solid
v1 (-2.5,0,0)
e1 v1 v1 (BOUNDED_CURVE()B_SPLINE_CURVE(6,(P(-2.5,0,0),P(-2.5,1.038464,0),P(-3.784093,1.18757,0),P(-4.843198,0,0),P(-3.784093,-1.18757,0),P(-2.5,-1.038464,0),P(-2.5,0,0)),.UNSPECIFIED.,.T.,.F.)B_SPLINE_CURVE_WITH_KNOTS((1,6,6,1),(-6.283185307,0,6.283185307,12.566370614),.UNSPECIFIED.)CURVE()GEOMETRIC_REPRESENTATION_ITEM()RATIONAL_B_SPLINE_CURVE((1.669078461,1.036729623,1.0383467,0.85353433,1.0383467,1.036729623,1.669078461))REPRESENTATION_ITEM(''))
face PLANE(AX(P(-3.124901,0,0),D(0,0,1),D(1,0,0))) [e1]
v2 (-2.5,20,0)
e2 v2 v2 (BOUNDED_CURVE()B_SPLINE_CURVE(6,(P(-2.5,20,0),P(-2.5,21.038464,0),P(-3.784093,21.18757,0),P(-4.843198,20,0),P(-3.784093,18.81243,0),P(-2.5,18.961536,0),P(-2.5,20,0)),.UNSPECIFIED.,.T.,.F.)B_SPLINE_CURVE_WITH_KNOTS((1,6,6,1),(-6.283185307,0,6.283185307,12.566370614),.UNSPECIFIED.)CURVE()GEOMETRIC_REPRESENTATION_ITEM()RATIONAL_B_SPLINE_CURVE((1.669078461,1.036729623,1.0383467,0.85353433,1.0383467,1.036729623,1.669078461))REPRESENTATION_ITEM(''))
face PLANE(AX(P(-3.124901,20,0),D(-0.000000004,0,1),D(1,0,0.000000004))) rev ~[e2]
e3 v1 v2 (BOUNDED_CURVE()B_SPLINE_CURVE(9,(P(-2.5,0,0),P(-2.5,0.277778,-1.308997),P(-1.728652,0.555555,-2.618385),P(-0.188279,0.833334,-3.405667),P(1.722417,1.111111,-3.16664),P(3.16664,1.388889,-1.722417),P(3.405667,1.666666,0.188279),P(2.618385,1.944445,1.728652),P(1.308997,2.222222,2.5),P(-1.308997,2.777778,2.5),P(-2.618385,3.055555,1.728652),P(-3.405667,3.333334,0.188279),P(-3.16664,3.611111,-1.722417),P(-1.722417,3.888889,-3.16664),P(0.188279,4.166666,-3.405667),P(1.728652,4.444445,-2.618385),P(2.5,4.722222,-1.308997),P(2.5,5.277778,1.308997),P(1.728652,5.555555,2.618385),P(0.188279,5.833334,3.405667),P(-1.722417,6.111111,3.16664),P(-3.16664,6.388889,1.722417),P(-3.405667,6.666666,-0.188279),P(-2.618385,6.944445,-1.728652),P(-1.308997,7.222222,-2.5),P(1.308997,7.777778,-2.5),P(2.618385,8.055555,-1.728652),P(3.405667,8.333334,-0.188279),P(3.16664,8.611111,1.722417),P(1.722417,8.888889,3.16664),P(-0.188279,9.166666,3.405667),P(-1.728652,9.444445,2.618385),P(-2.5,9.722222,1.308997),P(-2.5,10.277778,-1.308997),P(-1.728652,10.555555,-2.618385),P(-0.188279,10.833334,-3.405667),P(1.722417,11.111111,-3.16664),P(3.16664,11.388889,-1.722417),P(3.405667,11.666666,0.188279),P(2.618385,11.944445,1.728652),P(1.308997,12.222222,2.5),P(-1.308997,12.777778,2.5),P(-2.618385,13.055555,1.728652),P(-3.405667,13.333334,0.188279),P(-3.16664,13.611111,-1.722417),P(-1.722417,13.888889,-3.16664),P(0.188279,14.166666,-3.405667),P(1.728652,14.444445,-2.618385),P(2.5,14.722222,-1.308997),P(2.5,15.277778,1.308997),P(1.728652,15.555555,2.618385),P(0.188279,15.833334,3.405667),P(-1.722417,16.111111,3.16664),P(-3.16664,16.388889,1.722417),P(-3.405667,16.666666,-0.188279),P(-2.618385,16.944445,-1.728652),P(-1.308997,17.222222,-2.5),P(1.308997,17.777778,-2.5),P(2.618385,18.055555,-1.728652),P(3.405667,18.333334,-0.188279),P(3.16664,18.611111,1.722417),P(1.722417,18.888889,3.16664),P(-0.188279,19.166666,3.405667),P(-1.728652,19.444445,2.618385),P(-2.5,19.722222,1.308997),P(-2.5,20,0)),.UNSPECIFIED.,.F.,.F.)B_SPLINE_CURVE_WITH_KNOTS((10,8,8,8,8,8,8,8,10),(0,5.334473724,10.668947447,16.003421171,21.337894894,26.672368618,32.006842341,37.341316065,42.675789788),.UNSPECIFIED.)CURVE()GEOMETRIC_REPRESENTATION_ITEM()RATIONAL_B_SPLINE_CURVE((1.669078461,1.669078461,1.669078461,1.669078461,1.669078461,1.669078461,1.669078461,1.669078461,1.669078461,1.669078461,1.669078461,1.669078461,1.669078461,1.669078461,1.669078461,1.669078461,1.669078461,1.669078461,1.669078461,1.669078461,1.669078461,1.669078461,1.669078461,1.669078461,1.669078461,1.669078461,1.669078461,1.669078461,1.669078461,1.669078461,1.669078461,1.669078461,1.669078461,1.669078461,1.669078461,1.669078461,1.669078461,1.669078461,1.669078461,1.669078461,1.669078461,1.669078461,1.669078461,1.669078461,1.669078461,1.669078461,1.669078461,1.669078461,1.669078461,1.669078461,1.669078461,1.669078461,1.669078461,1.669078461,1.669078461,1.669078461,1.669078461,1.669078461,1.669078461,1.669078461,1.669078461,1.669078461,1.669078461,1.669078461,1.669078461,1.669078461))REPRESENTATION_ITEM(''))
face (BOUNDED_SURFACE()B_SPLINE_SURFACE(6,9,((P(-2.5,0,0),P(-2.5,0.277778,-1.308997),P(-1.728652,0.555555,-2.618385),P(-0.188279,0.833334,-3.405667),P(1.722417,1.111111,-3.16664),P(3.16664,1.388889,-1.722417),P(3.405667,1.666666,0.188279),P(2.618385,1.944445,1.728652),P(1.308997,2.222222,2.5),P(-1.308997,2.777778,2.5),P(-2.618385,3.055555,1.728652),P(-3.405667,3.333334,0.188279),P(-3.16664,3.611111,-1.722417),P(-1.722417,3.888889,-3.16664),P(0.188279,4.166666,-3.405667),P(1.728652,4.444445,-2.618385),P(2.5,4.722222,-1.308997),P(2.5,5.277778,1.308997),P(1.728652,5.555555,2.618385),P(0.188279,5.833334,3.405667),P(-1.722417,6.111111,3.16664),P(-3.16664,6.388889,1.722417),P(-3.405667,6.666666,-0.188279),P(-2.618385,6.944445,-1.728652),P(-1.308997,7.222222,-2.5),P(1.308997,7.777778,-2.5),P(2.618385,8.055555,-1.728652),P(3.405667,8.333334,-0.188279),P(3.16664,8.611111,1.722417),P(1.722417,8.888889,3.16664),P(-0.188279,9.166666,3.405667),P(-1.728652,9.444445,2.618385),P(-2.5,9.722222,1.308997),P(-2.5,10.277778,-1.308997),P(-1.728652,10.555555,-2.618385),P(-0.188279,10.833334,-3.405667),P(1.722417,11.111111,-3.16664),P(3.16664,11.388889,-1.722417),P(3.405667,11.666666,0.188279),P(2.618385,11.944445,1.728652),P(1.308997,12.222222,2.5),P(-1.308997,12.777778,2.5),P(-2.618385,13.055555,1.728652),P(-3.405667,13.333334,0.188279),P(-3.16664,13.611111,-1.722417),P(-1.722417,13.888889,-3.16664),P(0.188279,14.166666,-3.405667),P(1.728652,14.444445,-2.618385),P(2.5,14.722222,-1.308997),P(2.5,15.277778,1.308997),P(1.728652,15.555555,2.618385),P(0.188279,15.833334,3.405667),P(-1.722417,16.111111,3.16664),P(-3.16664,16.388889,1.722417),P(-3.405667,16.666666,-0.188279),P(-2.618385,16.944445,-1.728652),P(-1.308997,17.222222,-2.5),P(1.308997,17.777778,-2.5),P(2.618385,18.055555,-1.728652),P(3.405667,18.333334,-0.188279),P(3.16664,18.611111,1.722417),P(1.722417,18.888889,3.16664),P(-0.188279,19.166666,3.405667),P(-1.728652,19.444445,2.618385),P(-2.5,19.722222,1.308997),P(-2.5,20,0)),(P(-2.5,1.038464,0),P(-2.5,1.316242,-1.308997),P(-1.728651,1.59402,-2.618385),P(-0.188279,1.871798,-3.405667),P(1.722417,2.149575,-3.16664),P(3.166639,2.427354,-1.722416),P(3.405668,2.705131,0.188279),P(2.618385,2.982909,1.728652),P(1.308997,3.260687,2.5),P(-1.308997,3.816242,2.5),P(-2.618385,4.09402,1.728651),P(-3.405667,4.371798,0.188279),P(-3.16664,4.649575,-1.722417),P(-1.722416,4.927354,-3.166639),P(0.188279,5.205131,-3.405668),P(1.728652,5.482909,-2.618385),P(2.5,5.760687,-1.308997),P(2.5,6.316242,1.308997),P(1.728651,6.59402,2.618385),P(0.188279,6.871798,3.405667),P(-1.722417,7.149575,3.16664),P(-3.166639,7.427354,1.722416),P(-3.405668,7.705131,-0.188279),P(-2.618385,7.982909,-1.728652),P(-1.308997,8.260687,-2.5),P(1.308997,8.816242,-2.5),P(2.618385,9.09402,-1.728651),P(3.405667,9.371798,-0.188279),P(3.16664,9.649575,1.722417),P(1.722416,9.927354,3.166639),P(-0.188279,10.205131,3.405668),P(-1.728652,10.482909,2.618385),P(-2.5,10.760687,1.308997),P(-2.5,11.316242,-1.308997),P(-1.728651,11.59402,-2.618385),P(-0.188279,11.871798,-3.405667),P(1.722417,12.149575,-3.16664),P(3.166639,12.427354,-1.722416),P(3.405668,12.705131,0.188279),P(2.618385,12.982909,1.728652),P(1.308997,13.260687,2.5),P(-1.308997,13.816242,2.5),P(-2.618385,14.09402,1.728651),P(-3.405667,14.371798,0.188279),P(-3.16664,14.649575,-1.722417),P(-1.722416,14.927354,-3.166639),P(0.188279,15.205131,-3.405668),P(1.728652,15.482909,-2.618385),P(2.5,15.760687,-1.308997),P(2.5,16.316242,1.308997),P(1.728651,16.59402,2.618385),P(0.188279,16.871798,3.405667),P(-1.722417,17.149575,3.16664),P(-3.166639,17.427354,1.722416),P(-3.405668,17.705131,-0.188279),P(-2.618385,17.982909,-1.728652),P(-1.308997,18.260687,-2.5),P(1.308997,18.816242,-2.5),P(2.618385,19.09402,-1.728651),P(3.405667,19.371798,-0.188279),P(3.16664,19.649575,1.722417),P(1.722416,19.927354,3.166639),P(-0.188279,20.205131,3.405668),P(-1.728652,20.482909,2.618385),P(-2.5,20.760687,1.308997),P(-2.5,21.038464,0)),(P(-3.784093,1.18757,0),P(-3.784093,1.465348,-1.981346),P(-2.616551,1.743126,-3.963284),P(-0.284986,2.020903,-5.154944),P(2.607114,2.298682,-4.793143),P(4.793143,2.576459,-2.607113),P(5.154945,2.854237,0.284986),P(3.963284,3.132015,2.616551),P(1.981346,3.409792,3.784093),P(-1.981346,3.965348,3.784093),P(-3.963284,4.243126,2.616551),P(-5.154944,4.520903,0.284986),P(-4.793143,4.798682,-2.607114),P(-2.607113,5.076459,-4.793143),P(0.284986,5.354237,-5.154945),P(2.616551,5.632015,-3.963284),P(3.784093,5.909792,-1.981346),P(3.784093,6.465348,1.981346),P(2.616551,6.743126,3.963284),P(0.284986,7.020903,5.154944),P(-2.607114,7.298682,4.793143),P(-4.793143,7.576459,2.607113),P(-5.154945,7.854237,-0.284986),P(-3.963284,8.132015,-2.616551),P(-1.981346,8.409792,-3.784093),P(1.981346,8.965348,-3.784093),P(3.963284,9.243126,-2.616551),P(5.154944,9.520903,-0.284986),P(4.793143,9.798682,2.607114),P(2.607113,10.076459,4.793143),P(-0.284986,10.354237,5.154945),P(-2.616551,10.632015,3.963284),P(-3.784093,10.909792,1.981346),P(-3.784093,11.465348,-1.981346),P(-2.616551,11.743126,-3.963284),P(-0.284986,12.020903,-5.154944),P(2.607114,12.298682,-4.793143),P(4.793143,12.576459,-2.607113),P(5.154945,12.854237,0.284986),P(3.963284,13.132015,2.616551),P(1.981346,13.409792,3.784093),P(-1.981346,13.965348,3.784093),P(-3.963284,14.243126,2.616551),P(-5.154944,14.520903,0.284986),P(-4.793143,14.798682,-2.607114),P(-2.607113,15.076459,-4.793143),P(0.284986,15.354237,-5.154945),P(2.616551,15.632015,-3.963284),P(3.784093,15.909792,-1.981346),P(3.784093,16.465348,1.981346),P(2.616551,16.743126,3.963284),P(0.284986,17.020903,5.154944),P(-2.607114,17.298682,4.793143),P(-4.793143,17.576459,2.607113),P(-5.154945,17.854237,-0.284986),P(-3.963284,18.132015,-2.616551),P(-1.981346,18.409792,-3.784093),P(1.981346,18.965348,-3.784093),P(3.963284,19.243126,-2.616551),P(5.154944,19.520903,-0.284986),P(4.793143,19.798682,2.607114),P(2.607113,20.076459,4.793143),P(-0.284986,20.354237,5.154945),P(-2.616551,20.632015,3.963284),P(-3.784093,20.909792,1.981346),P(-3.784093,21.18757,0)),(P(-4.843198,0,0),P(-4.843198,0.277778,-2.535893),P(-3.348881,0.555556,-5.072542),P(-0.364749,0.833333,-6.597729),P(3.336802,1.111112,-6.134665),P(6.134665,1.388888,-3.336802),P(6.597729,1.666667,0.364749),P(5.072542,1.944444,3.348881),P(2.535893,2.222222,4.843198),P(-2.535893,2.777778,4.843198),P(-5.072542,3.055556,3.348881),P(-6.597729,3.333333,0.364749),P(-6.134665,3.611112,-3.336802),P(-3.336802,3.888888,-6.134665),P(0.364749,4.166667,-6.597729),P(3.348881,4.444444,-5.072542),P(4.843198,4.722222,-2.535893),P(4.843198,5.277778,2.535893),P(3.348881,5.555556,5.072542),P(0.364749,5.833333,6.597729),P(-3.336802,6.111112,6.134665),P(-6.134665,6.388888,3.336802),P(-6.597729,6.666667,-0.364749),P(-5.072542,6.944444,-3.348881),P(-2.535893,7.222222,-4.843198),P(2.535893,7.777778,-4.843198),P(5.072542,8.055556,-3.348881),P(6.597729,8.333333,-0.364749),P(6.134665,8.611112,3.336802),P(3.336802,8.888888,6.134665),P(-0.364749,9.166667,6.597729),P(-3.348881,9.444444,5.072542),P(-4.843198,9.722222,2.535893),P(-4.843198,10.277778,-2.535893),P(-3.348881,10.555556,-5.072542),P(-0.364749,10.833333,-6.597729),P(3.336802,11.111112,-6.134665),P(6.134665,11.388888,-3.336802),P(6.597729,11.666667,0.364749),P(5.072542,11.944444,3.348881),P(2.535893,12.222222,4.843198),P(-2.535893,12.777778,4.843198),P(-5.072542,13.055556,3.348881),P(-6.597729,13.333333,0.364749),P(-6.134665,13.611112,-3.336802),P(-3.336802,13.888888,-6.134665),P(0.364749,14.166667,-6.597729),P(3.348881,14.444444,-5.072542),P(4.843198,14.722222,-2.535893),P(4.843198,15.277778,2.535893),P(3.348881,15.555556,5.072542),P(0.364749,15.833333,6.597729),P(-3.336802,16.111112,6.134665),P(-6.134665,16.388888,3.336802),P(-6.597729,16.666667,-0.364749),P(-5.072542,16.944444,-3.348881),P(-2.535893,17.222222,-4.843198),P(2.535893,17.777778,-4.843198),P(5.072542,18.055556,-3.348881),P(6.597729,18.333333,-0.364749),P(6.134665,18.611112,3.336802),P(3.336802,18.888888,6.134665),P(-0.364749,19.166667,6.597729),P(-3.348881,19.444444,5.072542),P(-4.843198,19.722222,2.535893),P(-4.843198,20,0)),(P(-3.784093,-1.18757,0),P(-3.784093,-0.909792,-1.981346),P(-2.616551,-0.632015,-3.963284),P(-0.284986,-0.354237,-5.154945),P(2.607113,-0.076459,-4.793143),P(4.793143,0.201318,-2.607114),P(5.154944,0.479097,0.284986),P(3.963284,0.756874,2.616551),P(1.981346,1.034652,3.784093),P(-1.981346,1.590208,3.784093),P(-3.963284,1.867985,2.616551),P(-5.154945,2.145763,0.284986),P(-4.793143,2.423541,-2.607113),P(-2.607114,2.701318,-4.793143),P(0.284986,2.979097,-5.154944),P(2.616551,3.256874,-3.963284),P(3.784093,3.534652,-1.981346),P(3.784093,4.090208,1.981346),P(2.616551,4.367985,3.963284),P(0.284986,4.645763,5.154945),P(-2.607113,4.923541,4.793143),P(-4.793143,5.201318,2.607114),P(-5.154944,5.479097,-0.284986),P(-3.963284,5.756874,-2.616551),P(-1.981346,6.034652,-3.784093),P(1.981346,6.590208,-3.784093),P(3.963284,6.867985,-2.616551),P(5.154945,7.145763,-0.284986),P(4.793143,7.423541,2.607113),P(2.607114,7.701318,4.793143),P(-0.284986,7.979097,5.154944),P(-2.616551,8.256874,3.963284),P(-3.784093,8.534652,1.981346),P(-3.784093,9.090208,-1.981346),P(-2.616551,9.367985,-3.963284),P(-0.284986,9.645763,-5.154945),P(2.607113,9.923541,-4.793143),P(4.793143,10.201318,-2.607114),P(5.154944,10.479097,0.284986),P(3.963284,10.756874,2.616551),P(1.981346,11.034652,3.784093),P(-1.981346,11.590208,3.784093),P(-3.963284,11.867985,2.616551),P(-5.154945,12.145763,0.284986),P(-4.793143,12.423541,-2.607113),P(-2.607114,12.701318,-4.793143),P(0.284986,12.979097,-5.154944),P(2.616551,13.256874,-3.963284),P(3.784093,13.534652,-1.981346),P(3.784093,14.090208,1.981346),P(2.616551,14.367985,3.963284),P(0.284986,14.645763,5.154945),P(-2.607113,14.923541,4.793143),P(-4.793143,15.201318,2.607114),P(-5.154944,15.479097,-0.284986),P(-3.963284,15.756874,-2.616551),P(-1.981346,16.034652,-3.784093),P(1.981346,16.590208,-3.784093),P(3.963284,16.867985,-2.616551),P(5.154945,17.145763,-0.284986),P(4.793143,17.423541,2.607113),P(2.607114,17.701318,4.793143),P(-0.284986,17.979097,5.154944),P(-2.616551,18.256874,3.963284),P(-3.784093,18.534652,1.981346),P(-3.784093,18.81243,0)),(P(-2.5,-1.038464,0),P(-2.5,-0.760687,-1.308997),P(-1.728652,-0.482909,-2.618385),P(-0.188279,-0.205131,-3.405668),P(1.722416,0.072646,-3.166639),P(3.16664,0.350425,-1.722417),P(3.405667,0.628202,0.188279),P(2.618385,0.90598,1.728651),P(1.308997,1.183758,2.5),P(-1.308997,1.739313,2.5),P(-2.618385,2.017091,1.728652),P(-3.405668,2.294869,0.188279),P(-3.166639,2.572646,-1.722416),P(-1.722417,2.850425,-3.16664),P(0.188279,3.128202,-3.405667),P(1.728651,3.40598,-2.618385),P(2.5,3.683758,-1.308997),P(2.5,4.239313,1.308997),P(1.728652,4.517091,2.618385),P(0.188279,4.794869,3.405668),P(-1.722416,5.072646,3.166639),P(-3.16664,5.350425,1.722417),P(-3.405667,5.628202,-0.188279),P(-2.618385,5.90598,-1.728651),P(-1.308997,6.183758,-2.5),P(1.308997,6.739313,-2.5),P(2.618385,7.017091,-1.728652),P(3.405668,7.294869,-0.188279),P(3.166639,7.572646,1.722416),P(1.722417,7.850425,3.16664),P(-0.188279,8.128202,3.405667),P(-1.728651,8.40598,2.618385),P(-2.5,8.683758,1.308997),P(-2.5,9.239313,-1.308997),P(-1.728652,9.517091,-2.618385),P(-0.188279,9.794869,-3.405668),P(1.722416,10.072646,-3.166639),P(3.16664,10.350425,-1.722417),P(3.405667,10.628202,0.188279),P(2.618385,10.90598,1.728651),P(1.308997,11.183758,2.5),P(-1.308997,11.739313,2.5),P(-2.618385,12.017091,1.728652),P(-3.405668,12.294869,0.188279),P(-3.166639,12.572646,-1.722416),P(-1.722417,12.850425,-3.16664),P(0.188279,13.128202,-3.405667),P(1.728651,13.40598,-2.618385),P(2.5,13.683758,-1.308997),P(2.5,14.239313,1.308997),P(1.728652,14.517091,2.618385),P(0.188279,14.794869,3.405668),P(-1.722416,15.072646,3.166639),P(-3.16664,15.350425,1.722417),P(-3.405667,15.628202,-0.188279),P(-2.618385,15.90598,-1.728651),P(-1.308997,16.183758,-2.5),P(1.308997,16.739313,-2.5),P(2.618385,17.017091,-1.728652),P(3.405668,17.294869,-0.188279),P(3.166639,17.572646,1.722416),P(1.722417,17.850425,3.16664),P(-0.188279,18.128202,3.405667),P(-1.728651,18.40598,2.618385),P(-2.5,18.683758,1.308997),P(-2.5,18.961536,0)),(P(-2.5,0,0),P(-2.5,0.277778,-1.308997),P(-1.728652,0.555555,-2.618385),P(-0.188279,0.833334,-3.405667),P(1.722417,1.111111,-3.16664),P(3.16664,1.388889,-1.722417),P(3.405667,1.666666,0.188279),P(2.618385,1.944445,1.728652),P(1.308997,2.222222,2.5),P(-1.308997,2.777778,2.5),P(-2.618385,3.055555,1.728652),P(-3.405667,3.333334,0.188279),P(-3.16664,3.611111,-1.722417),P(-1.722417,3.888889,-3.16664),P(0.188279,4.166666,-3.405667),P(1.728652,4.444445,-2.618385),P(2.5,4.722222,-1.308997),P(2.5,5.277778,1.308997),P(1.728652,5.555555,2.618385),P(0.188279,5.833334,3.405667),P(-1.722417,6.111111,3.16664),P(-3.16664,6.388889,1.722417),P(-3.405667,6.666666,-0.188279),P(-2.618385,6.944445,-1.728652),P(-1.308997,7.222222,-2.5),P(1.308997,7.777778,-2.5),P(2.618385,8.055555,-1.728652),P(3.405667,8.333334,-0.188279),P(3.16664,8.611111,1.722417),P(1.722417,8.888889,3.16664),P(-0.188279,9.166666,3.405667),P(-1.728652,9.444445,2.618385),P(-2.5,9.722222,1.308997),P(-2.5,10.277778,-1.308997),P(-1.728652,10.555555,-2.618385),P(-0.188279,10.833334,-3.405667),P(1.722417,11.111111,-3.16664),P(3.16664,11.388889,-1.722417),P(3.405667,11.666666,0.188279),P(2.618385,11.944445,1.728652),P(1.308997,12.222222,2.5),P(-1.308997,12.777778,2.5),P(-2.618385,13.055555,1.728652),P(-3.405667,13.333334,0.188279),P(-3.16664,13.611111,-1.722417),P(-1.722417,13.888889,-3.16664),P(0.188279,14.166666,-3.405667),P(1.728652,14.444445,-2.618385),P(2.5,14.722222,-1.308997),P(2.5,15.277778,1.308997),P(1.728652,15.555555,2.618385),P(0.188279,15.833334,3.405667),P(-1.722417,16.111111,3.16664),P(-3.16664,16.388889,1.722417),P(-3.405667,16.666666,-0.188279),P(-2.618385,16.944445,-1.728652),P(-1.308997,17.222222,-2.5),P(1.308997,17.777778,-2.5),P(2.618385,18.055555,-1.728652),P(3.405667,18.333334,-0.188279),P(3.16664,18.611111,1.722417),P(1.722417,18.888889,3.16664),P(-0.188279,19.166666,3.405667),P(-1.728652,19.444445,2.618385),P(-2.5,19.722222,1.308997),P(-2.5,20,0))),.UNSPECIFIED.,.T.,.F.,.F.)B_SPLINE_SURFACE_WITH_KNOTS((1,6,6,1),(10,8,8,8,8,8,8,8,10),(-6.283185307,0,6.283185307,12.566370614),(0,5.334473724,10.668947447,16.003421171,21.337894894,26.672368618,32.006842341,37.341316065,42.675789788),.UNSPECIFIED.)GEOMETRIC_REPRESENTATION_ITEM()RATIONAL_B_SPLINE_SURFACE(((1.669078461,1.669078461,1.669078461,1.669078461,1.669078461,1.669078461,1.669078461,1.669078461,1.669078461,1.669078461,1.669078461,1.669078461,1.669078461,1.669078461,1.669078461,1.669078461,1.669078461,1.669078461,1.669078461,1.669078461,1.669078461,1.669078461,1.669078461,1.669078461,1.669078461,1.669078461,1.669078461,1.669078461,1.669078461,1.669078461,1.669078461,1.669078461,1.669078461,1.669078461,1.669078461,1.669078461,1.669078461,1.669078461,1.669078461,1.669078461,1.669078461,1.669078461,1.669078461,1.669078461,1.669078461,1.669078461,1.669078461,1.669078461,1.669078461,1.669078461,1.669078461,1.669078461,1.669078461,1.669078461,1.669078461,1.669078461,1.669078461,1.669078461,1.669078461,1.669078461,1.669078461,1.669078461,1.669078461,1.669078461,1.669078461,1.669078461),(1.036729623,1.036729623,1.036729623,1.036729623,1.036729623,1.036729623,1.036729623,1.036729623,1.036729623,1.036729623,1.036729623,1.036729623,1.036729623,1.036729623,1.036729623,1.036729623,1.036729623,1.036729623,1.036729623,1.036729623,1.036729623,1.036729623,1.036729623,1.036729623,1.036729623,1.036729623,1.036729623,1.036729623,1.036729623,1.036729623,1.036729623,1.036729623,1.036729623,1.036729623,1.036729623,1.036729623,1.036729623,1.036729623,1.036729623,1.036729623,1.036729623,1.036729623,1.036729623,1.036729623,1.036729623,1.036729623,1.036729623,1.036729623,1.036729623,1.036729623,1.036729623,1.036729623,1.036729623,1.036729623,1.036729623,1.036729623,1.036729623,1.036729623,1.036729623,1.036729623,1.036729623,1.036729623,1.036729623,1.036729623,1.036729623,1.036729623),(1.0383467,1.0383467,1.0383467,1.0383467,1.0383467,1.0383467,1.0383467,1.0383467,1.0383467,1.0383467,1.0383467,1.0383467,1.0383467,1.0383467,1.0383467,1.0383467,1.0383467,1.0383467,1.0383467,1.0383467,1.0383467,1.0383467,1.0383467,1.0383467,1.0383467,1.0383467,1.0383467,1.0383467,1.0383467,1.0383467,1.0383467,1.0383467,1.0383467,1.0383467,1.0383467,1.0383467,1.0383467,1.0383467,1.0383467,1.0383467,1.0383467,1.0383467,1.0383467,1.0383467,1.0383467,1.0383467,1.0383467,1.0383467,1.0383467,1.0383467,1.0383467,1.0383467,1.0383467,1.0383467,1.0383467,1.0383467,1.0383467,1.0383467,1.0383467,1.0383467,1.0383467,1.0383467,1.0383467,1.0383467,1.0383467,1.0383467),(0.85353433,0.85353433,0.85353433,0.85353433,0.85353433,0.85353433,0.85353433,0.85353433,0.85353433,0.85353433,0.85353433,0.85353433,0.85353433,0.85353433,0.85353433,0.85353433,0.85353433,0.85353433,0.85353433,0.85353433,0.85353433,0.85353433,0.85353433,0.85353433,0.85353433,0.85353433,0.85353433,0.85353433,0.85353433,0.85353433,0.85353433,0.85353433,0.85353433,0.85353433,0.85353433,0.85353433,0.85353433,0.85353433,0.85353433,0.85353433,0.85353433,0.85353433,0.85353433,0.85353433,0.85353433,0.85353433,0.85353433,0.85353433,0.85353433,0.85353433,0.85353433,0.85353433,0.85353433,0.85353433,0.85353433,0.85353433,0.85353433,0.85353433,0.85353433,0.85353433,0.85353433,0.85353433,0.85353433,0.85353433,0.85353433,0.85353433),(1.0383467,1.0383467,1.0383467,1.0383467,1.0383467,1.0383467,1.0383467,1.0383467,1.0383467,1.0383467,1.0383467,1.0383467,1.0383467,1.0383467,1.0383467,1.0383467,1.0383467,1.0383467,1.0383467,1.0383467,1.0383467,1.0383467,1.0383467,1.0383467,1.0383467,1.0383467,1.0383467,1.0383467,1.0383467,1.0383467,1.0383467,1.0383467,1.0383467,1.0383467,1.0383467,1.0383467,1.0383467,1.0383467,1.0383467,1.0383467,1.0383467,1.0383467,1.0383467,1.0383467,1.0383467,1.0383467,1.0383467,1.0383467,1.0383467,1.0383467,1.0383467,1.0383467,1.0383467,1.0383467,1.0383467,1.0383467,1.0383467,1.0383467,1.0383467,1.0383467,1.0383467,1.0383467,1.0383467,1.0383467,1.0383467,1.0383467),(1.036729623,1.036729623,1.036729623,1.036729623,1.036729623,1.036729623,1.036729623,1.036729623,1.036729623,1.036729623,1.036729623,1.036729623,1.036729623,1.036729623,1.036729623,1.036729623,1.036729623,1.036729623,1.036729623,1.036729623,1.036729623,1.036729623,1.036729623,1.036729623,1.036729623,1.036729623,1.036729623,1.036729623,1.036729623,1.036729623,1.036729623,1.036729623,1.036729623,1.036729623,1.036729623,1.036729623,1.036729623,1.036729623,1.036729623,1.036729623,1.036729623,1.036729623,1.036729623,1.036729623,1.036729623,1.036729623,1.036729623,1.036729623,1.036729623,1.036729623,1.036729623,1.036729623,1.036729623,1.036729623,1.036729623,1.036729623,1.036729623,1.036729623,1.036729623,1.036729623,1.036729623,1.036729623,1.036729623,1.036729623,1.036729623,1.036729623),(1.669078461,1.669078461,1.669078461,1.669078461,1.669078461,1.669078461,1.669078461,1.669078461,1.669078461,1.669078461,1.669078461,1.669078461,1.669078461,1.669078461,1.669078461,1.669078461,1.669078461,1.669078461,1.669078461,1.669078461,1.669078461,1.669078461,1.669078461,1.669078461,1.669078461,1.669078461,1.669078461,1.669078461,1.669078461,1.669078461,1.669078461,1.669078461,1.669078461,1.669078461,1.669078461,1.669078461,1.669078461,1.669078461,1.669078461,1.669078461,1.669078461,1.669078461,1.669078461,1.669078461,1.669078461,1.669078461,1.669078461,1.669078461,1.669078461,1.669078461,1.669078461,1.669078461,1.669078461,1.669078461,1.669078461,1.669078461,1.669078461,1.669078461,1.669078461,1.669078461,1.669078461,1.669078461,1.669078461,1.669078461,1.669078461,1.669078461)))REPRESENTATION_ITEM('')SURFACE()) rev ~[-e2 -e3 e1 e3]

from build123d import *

# Parameters (mm, degrees)
SWEEP1_PITCH       = 3.333333333
SWEEP1_HEIGHT      = 20
SWEEP1_RADIUS      = 3.125
SWEEP1_START_ANGLE = -90
SKETCH2_R          = 0.625


with BuildPart() as part:
    # Sweep1: sweep along a helix
    with BuildLine() as sweep1_path:
        add(Helix(SWEEP1_PITCH, SWEEP1_HEIGHT, SWEEP1_RADIUS, center=(0, 0, 0), direction=(0, 1, 0), lefthand=True, mode=Mode.PRIVATE).rotate(Axis((0, 0, 0), (0, 1, 0)), SWEEP1_START_ANGLE))
    # Sketch2 → Sweep1 (sweep)
    with BuildSketch(Plane.XY):
        with Locations((-3.125, 0)):
            Circle(SKETCH2_R)
    sweep(path=sweep1_path.line, is_frenet=True)


solid = part.part
